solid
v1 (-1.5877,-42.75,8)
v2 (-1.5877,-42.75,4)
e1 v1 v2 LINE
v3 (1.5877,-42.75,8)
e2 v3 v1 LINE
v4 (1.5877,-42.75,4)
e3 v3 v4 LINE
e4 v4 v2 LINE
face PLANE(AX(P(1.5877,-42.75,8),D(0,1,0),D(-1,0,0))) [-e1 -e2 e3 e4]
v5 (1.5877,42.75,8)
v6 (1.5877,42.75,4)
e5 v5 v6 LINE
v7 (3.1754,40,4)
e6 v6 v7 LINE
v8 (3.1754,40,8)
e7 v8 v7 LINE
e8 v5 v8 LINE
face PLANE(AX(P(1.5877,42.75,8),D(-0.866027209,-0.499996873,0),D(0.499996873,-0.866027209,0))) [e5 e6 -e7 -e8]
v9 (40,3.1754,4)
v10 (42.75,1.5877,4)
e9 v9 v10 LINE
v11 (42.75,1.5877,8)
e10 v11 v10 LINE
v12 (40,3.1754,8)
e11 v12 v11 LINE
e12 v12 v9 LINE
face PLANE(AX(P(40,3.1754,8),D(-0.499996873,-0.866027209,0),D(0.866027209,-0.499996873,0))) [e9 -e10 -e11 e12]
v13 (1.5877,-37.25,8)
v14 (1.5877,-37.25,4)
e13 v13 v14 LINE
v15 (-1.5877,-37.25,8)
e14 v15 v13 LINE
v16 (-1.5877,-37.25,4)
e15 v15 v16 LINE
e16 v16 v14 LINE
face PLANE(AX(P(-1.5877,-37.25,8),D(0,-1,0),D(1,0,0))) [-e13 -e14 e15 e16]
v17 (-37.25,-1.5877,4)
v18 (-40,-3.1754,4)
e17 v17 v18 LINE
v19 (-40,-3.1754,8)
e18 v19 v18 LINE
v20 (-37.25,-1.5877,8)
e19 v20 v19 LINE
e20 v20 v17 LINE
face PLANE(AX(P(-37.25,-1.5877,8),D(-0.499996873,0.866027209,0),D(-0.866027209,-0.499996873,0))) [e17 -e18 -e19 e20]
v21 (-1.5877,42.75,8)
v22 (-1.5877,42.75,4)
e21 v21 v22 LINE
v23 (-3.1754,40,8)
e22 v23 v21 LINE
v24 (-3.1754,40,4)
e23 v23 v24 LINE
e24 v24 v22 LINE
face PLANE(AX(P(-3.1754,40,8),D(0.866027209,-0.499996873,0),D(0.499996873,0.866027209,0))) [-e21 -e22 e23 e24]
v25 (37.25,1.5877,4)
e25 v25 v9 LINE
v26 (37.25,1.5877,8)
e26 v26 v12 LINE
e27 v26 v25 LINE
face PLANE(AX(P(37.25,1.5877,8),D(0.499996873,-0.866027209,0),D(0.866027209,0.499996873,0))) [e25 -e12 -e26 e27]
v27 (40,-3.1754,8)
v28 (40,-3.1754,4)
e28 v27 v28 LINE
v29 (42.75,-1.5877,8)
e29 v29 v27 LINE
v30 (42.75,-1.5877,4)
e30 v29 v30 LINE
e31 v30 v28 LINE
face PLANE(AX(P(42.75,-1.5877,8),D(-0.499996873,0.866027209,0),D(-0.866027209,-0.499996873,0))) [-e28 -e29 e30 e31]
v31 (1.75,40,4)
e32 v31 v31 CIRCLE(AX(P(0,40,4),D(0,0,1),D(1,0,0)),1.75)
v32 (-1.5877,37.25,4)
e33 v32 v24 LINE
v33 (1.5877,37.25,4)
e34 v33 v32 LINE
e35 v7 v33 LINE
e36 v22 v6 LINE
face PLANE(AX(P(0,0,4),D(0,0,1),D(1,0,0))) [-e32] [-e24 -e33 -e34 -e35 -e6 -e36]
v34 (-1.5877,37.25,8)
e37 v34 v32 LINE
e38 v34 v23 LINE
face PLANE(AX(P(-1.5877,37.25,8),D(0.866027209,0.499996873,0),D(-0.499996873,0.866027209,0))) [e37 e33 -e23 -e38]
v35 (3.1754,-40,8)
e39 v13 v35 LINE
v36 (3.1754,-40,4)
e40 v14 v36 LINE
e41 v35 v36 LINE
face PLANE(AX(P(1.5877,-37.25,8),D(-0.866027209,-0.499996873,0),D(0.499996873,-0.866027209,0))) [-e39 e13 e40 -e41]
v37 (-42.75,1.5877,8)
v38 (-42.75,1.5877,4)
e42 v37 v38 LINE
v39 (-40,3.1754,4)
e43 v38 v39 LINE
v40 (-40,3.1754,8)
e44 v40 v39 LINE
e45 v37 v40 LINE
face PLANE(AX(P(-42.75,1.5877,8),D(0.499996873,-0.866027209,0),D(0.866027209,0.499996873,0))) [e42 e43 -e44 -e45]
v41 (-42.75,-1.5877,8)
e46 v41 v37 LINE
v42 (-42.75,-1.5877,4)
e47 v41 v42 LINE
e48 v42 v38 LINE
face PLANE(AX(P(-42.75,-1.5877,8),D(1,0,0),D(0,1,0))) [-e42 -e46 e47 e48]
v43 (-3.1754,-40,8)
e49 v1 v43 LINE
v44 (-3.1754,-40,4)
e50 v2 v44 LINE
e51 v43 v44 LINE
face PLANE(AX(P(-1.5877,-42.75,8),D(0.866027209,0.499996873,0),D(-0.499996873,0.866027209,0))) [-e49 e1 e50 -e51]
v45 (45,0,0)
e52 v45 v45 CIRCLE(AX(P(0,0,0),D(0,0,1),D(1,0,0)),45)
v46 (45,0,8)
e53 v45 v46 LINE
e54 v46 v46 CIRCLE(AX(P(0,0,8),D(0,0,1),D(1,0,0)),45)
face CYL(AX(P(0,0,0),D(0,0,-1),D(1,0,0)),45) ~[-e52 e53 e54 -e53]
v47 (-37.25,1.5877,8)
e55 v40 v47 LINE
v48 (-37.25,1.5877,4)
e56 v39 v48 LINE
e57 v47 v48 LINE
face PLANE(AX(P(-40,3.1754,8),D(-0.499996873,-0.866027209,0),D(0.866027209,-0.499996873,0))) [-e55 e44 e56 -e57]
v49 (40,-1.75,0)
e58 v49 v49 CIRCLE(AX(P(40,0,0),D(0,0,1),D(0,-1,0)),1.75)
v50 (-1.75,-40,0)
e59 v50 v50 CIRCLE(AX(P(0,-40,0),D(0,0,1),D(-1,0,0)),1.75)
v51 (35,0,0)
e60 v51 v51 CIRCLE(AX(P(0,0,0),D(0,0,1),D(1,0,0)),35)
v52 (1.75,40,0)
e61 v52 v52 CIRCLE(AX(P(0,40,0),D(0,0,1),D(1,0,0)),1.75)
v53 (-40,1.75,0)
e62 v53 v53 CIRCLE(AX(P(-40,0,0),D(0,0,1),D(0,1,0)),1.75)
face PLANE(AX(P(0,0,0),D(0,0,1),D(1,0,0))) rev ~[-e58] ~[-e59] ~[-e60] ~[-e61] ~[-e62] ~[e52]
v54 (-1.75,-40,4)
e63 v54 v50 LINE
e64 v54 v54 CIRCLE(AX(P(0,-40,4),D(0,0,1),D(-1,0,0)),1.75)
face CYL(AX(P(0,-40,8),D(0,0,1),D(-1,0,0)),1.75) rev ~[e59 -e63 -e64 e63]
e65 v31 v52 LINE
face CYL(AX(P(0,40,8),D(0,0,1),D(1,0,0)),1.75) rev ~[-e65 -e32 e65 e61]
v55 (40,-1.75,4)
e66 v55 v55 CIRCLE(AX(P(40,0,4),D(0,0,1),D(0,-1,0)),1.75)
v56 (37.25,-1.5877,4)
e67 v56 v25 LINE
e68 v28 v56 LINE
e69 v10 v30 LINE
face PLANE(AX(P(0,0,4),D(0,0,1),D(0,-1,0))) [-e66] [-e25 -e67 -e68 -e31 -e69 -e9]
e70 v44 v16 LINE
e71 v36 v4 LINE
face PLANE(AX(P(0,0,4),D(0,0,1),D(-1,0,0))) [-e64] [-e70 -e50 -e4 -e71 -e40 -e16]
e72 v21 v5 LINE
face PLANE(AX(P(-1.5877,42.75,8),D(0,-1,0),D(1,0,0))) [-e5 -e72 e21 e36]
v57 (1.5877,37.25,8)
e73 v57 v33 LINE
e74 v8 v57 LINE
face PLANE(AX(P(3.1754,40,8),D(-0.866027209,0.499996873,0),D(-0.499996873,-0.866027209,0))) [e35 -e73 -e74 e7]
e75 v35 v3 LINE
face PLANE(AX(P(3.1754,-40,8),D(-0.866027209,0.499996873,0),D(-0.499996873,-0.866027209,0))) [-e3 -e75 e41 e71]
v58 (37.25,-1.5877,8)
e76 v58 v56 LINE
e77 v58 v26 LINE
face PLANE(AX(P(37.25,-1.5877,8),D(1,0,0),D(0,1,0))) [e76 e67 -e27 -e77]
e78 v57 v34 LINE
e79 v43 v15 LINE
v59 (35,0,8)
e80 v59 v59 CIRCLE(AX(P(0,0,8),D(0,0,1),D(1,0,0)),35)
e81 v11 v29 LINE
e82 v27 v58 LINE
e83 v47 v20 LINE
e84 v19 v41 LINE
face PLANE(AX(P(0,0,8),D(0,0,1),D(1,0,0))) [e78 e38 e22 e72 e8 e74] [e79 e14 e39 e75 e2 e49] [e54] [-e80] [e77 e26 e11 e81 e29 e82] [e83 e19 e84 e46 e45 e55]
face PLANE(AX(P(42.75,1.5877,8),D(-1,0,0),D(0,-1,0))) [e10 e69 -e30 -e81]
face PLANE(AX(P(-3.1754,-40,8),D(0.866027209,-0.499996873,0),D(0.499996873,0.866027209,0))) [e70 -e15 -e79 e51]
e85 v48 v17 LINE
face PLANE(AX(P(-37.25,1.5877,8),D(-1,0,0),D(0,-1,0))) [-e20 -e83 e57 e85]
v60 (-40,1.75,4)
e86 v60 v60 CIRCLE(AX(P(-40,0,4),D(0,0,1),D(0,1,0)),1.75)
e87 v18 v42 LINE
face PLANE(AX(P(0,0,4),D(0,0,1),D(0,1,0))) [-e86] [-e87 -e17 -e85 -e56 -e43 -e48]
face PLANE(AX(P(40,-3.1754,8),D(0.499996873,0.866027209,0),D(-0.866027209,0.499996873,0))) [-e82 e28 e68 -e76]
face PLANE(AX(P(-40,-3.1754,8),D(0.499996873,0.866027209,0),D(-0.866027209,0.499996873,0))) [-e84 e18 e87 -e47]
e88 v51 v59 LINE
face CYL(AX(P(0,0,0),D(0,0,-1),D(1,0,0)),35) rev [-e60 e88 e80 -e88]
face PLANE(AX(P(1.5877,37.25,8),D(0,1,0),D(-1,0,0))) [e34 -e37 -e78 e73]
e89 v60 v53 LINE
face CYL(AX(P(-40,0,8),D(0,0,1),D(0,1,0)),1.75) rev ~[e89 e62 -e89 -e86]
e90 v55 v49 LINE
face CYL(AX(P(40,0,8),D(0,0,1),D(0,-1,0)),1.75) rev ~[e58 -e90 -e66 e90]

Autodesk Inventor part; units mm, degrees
ref_plane "YZ Plane" through (0, 0, 0) normal (1, 0, 0) x (0, 1, 0)
ref_plane "XZ Plane" through (0, 0, 0) normal (0, 1, 0) x (-1, 0, 0)
ref_plane "XY Plane" through (0, 0, 0) normal (0, 0, 1) x (1, 0, 0)
sketch "Sketch1" plane through (0, 0, 0) normal (0, 0, 1) x (1, 0, 0)
  circle A0 centre (0, 0) radius 45
  circle A1 centre (0, 0) radius 35
  dimension "d0" = 70
  dimension "d2" = 90
extrude "Extrusion1" add sketch "Sketch1" along normal blind 8
sketch "Sketch2" plane through (0, 0, 8) normal (0, 0, 1) x (1, 0, 0)
  circle A0 centre (0, 0) radius 35 projected
  circle A1 centre (0, 40) radius 1.75
  dimension "d5" = 40
  dimension "d6" = 3.5
extrude "Extrusion2" cut sketch "Sketch2" against normal through all contours A1
sketch "Sketch3" plane through (0, 0, 8) normal (0, 0, 1) x (1, 0, 0)
  circle A0 centre (0, 40) radius 1.75 projected
  line L0 (3.1754, 40) -> (1.5877, 37.25)
  line L1 (1.5877, 37.25) -> (-1.5877, 37.25)
  line L2 (-1.5877, 37.25) -> (-3.1754, 40)
  line L3 (-3.1754, 40) -> (-1.5877, 42.75)
  line L4 (-1.5877, 42.75) -> (1.5877, 42.75)
  line L5 (1.5877, 42.75) -> (3.1754, 40)
  point P0 (0, 42.75)
  dimension "d9" = 5.5
extrude "Extrusion3" cut sketch "Sketch3" against normal blind 4
pattern_circular "Circular Pattern1" count 4 over 360 about axis through (0, 0, 0) along (0, 0, 1) of "Extrusion3", "Extrusion2"
properties part number "ring"
